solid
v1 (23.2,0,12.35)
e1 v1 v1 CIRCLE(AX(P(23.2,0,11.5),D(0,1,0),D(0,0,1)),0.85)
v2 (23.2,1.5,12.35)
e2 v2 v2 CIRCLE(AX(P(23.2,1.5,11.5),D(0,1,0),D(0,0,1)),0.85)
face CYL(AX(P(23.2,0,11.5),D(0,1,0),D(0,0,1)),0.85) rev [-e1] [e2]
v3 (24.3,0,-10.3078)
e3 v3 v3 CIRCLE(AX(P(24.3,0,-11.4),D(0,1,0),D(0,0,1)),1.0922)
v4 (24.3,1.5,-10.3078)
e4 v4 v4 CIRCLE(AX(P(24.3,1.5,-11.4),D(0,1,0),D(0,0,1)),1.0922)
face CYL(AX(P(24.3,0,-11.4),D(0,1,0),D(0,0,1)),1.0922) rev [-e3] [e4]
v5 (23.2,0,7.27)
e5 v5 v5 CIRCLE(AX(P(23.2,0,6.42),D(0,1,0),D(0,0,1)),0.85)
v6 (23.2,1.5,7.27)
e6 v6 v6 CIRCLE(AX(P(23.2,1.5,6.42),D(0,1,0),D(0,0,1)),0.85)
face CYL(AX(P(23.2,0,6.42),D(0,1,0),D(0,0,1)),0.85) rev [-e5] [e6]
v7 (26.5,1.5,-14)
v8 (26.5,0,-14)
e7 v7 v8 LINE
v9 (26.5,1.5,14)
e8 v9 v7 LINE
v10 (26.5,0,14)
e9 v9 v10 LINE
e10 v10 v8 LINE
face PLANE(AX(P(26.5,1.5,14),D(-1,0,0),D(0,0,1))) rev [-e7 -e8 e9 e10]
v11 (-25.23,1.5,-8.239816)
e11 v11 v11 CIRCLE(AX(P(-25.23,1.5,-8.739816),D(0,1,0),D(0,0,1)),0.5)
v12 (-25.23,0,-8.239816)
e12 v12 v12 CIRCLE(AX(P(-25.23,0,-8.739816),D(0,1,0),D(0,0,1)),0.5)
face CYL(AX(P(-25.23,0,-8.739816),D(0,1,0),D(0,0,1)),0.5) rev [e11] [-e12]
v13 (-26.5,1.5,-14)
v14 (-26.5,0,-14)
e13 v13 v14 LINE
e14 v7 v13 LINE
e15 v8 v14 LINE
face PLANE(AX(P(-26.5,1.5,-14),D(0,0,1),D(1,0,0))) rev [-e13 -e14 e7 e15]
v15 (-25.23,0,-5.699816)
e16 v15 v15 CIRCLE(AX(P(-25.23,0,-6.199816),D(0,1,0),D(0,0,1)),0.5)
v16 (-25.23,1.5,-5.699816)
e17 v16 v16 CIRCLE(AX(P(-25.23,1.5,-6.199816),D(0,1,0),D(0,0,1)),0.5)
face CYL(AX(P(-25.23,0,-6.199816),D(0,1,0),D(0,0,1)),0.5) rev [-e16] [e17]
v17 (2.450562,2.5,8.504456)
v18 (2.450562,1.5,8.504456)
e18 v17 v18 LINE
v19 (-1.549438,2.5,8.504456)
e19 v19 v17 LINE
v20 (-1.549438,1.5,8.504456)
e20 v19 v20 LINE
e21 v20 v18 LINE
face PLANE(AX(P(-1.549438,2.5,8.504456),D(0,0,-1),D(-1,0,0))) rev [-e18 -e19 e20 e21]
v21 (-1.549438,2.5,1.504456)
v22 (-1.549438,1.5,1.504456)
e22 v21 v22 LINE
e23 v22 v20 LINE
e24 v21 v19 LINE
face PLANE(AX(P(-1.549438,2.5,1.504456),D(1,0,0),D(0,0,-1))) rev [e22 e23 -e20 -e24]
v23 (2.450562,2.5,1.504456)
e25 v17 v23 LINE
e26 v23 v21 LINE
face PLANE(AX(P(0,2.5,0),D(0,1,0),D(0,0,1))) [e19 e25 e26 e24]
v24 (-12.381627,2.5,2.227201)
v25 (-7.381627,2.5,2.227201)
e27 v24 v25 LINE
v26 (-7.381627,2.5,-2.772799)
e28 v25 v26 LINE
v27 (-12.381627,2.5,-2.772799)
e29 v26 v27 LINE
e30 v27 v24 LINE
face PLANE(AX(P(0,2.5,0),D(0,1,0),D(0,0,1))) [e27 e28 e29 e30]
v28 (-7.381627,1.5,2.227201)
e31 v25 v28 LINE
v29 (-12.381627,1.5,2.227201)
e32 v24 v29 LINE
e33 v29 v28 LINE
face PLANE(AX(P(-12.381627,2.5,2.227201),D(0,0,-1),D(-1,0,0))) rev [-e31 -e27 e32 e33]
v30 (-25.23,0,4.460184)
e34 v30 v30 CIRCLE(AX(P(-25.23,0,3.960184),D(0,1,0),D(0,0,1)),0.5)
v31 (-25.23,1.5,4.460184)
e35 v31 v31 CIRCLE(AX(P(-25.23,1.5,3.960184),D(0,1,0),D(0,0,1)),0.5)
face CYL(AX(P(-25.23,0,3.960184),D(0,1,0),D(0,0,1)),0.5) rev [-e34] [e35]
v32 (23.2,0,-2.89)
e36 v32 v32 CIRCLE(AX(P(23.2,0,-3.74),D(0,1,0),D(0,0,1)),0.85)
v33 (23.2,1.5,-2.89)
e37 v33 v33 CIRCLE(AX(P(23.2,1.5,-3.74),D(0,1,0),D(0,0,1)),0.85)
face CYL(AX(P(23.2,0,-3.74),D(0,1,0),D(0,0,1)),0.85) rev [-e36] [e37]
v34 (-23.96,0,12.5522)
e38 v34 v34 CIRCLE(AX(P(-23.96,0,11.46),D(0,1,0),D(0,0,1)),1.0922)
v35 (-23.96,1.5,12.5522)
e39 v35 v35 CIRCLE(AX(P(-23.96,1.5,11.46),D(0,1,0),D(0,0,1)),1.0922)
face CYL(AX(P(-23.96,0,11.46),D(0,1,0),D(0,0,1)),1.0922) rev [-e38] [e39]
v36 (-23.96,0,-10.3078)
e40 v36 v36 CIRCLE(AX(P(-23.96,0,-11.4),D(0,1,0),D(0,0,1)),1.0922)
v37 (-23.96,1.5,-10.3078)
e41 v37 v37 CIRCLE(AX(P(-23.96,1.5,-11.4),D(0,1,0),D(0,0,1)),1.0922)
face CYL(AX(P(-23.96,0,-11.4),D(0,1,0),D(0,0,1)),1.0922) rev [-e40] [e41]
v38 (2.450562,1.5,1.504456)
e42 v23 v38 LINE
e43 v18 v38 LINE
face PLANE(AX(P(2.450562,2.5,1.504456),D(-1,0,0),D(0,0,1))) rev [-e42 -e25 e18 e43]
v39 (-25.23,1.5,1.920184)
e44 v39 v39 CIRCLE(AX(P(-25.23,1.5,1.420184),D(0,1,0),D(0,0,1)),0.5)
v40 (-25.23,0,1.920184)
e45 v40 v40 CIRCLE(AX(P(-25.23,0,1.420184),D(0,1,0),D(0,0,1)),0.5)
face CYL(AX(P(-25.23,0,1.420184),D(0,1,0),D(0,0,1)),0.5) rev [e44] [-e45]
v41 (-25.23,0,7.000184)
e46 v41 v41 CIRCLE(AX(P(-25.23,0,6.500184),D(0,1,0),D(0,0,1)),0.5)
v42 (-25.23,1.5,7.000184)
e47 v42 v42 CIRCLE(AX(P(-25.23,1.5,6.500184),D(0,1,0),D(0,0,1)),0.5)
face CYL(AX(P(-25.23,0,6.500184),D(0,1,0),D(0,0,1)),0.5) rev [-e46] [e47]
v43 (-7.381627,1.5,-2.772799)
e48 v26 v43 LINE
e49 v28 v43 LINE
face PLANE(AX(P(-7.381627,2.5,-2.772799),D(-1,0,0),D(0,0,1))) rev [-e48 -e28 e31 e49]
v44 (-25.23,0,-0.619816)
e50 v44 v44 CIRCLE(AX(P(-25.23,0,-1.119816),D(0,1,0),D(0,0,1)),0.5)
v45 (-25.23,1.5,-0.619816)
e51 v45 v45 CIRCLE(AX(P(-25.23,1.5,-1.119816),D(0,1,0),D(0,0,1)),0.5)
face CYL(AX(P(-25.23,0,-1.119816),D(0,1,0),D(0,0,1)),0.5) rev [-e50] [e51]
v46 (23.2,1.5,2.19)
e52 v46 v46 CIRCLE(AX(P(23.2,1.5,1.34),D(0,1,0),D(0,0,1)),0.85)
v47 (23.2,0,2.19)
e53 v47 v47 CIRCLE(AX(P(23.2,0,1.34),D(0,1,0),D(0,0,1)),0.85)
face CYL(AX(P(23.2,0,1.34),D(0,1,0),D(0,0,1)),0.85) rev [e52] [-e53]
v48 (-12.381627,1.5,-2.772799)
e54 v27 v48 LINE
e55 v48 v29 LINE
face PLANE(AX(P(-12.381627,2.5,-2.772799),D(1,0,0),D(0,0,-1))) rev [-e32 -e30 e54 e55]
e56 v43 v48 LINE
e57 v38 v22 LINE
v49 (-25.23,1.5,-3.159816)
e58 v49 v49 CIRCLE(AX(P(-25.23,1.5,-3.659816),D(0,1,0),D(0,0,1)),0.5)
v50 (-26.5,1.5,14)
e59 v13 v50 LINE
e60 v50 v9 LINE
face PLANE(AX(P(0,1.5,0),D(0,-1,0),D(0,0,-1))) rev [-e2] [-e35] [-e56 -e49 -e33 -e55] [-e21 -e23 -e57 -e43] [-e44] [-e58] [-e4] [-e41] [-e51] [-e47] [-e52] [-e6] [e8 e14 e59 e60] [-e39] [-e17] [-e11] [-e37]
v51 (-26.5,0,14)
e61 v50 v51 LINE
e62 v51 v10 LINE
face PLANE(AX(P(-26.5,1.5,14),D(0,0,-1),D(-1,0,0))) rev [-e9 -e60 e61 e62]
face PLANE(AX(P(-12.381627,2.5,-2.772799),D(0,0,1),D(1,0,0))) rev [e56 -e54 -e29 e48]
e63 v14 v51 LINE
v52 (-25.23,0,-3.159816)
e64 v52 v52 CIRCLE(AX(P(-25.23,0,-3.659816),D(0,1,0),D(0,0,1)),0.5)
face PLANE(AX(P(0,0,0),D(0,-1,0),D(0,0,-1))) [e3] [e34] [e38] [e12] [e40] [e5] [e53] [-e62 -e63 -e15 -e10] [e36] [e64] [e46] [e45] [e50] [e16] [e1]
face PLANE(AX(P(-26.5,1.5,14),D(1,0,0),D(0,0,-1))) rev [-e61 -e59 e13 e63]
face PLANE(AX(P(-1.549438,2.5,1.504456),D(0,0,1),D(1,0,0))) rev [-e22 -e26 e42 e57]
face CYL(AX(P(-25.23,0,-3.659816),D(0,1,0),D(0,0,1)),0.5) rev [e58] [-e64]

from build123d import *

# Parameters (mm, degrees)
SKETCH1_W            = 53
SKETCH1_H            = 28
BOSS_EXTRUDE1_DEPTH  = 1.5
SKETCH2_R            = 1.0922
CUT_EXTRUDE1_DEPTH   = 31.008332176
LPATTERN1_COUNT      = 2
LPATTERN1_PITCH      = 22.86
LPATTERN1_COUNT_DIR2 = 2
LPATTERN1_PITCH_DIR2 = 48.26
SKETCH3_R            = 0.5
CUT_EXTRUDE2_DEPTH   = 31.008332176
LPATTERN2_COUNT      = 7
LPATTERN2_PITCH      = 2.54
SKETCH5_R            = 0.85
CUT_EXTRUDE3_DEPTH   = 31.008332176
LPATTERN4_COUNT      = 4
LPATTERN4_PITCH      = 5.08
SKETCH6_W            = 5
SKETCH6_H            = 5
SKETCH6_W_2          = 4
SKETCH6_H_2          = 7
BOSS_EXTRUDE3_DEPTH  = 1


with BuildPart() as part:
    # Sketch1 → Boss-Extrude1 (new body)
    with BuildSketch(Plane(origin=(0, 0, 0), x_dir=(1, 0, 0), z_dir=(0, 1, 0))):
        Rectangle(SKETCH1_W, SKETCH1_H)
    extrude(amount=BOSS_EXTRUDE1_DEPTH)

    # Sketch2 → Cut-Extrude1 (cut, through all)
    with BuildSketch(Plane(origin=(0, 1.5, 0), x_dir=(1, 0, 0), z_dir=(0, 1, 0))):
        with Locations(Location((-23.96, -11.46, 0), (0, 0, 270))):
            Circle(SKETCH2_R)
    cut_extrude1 = extrude(amount=-CUT_EXTRUDE1_DEPTH, mode=Mode.SUBTRACT)

    # LPattern1: Cut-Extrude1 2 × 2, 1 skipped
    with Locations(*[(j * LPATTERN1_PITCH_DIR2, 0, -i * LPATTERN1_PITCH) for i in range(LPATTERN1_COUNT) for j in range(LPATTERN1_COUNT_DIR2) if (i, j) not in ((0, 0), (0, 1))]):
        add(cut_extrude1, mode=Mode.SUBTRACT)

    # Sketch3 → Cut-Extrude2 (cut, through all)
    with BuildSketch(Plane(origin=(0, 1.5, 0), x_dir=(1, 0, 0), z_dir=(0, 1, 0))):
        with Locations(Location((-25.23, 8.739816389, 0), (0, 0, 270))):
            Circle(SKETCH3_R)
    cut_extrude2 = extrude(amount=-CUT_EXTRUDE2_DEPTH, mode=Mode.SUBTRACT)

    # LPattern2: Cut-Extrude2 ×7
    with Locations(*[(0, 0, i * LPATTERN2_PITCH) for i in range(1, LPATTERN2_COUNT)]):
        add(cut_extrude2, mode=Mode.SUBTRACT)

    # Sketch5 → Cut-Extrude3 (cut, through all)
    with BuildSketch(Plane(origin=(0, 1.5, 0), x_dir=(1, 0, 0), z_dir=(0, 1, 0))):
        with Locations(Location((23.2, -11.5, 0), (0, 0, 270))):
            Circle(SKETCH5_R)
    cut_extrude3 = extrude(amount=-CUT_EXTRUDE3_DEPTH, mode=Mode.SUBTRACT)

    # LPattern4: Cut-Extrude3 ×4
    with Locations(*[(0, 0, -i * LPATTERN4_PITCH) for i in range(1, LPATTERN4_COUNT)]):
        add(cut_extrude3, mode=Mode.SUBTRACT)

    # Sketch6 → Boss-Extrude3 (add)
    with BuildSketch(Plane(origin=(0, 1.5, 0), x_dir=(1, 0, 0), z_dir=(0, 1, 0))):
        with Locations((-9.881626536, 0.272798855)):
            Rectangle(SKETCH6_W, SKETCH6_H)
        with Locations((0.450562485, -5.004455937)):
            Rectangle(SKETCH6_W_2, SKETCH6_H_2)
    extrude(amount=BOSS_EXTRUDE3_DEPTH)


solid = part.part
